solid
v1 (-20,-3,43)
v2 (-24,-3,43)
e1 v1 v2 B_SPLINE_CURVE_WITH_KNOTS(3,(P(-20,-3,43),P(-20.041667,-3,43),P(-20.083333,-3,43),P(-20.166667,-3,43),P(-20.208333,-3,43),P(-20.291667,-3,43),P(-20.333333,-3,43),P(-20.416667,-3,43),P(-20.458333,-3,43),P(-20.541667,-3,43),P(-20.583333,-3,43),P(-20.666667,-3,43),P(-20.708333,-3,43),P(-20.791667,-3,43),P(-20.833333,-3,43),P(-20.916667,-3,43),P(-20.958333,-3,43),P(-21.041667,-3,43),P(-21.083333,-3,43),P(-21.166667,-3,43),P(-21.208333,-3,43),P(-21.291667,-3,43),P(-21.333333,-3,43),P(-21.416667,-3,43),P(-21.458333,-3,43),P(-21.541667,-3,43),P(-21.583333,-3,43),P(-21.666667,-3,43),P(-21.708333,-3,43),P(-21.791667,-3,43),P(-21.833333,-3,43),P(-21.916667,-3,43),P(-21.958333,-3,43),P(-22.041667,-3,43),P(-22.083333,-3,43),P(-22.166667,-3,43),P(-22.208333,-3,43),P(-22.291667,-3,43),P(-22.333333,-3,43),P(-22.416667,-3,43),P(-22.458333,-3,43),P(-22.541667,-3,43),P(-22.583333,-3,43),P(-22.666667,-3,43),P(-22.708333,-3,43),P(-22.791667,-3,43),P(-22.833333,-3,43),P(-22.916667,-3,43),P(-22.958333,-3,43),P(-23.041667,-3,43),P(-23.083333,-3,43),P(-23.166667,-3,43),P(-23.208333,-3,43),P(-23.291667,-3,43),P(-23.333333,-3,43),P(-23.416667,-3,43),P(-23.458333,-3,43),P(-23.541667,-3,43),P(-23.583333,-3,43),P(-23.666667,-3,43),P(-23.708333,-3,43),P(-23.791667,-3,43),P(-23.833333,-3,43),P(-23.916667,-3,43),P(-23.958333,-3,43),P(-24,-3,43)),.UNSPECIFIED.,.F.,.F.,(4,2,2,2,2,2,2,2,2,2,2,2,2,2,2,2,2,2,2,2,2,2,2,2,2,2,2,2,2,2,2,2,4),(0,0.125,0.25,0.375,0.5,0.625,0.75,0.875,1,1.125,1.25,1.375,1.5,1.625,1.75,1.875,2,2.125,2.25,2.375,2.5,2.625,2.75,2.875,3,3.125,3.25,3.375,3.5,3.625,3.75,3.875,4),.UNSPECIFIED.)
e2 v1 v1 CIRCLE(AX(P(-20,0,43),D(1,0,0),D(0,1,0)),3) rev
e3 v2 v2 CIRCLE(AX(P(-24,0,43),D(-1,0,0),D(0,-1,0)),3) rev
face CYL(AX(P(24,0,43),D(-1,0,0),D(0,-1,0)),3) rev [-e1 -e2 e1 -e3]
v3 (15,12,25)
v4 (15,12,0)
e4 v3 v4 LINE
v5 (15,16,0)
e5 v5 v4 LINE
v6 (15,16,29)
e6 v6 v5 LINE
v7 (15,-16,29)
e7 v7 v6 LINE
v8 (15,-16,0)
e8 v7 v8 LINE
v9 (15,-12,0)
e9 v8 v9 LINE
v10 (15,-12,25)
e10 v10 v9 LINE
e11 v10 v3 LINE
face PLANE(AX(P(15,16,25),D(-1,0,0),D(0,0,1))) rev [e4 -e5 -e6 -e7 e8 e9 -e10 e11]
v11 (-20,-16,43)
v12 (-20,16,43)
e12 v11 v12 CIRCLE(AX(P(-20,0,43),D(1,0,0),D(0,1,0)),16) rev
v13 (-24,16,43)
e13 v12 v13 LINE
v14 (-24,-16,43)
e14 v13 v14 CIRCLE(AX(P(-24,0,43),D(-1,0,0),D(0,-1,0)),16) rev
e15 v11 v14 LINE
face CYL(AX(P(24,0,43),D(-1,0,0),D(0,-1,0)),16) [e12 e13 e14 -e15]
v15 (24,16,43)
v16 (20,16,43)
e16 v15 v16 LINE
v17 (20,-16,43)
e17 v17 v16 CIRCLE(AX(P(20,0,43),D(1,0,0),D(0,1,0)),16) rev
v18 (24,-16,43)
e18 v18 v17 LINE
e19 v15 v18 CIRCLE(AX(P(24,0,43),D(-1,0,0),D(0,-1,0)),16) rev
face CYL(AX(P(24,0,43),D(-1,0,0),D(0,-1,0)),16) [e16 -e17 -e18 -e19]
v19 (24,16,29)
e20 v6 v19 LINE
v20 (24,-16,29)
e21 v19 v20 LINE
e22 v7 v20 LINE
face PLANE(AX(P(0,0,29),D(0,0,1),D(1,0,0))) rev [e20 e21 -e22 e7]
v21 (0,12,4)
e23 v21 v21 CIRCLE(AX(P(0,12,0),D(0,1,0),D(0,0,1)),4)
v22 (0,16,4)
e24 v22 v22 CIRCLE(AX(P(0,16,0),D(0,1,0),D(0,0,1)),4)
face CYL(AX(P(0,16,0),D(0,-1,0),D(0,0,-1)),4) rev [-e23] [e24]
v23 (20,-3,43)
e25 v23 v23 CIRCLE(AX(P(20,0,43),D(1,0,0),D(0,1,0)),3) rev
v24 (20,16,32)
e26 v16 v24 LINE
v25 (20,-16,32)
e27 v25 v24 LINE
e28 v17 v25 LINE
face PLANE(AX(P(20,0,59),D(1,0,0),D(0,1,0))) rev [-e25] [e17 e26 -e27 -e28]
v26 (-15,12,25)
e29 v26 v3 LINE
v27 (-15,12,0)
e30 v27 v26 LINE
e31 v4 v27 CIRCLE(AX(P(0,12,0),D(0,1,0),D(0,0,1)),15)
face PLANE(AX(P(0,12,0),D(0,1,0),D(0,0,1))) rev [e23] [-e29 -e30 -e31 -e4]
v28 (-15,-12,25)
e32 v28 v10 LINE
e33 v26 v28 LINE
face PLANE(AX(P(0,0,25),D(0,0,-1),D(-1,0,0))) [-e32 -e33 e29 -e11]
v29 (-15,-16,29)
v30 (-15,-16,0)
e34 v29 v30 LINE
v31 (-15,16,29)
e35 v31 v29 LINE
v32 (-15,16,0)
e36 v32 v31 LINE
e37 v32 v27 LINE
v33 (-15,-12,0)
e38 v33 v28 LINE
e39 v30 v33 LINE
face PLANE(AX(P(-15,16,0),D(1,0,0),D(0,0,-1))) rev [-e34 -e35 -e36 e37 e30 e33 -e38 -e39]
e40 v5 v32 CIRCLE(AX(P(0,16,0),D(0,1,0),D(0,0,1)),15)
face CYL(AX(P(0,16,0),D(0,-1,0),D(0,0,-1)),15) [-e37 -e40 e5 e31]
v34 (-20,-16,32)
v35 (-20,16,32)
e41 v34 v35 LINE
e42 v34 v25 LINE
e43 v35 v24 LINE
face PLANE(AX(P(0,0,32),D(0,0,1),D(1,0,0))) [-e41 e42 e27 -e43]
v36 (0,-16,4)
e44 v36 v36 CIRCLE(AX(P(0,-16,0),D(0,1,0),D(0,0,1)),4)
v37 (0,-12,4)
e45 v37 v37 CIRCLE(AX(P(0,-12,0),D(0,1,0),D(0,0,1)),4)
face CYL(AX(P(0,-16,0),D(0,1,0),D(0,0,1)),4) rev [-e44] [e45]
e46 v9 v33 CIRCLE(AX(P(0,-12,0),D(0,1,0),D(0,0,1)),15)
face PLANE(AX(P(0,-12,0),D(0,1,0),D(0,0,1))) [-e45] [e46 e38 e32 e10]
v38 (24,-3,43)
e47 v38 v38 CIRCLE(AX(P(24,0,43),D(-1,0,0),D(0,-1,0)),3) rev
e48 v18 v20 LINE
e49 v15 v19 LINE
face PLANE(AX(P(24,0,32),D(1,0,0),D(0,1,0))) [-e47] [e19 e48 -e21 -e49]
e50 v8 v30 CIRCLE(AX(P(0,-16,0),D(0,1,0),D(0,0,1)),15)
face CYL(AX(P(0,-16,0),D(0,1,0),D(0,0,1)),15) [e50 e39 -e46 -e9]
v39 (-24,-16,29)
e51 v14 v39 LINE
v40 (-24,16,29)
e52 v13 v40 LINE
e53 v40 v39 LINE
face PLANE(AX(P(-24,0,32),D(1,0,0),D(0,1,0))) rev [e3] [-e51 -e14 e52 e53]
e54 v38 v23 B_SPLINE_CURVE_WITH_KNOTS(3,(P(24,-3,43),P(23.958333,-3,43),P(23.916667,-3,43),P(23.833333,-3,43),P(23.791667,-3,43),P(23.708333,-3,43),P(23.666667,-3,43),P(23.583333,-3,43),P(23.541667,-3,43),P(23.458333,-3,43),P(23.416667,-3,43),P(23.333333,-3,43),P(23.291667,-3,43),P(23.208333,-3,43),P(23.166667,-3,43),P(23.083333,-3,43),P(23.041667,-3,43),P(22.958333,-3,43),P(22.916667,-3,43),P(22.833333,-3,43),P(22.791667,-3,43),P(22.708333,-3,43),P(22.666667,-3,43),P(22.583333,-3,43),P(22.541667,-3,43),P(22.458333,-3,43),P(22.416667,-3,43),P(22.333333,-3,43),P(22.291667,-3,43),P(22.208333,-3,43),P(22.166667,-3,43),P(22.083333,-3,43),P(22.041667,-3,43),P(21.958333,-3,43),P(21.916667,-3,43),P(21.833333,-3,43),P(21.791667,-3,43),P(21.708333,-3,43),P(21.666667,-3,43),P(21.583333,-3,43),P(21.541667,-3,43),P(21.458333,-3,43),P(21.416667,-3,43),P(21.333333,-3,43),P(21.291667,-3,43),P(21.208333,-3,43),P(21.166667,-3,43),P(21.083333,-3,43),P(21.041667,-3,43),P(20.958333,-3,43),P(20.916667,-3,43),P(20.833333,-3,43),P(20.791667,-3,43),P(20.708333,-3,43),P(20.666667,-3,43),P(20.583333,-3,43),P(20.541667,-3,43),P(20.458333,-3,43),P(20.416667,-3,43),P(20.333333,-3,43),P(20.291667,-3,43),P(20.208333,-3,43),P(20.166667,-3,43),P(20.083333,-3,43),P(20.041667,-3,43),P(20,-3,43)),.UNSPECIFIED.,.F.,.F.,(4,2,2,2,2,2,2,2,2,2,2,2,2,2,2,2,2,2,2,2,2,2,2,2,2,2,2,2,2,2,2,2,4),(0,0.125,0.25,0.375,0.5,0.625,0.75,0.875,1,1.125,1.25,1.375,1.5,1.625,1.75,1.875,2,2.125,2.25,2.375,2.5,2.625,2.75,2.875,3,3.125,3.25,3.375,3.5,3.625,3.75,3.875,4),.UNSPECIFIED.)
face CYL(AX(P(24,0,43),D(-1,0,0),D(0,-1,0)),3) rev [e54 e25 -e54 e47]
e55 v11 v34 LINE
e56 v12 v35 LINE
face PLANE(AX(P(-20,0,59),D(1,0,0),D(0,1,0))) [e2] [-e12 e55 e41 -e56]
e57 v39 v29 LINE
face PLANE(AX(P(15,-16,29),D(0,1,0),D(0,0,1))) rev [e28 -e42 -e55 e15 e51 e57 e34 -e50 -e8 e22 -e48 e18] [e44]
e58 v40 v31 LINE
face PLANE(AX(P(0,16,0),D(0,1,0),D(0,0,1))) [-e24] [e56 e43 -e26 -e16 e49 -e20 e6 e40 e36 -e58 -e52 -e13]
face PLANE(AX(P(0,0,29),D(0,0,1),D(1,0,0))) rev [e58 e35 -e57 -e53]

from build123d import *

# Parameters (mm, degrees)
BOSS_EXTRUDE1_START = 12
SKETCH1_R           = 4
BOSS_EXTRUDE1_DEPTH = 4
BOSS_EXTRUDE2_START = -12
SKETCH1_2_R         = 4
BOSS_EXTRUDE2_DEPTH = 4
SKETCH2_W           = 30
SKETCH2_H           = 32
BOSS_EXTRUDE3_DEPTH = 4
SKETCH3_W           = 48
SKETCH3_H           = 32
BOSS_EXTRUDE4_DEPTH = 3
SKETCH3_3_W         = 4
SKETCH3_3_H         = 32
BOSS_EXTRUDE5_DEPTH = 30
SKETCH4_R           = 3
CUT_EXTRUDE1_DEPTH  = 78.723870207


with BuildPart() as part:
    # Sketch1 → Boss-Extrude1 (new body)
    with BuildSketch(Plane(origin=(0, 0, 0), x_dir=(1, 0, 0), z_dir=(0, 1, 0)).offset(BOSS_EXTRUDE1_START)):
        with BuildLine():
            Line((-15, 0), (-15, -25))
            Line((-15, -25), (15, -25))
            Line((15, -25), (15, 0))
            ThreePointArc((15, 0), (0, 15), (-15, 0))
        make_face()
        with Locations(Location((0, 0, 0), (0, 0, 270))):
            Circle(SKETCH1_R, mode=Mode.SUBTRACT)
    extrude(amount=BOSS_EXTRUDE1_DEPTH)



with BuildPart() as body_2:
    # Sketch1<2> → Boss-Extrude2 (new body)
    with BuildSketch(Plane(origin=(0, 0, 0), x_dir=(1, 0, 0), z_dir=(0, 1, 0)).offset(BOSS_EXTRUDE2_START)):
        with BuildLine():
            Line((-15, 0), (-15, -25))
            Line((-15, -25), (15, -25))
            Line((15, -25), (15, 0))
            ThreePointArc((15, 0), (0, 15), (-15, 0))
        make_face()
        with Locations(Location((0, 0, 0), (0, 0, 270))):
            Circle(SKETCH1_2_R, mode=Mode.SUBTRACT)
    extrude(amount=-BOSS_EXTRUDE2_DEPTH)


with BuildPart() as part_1:
    add(part.part)

    add(body_2.part)  # Boss-Extrude3 merges body 2
    # Sketch2 → Boss-Extrude3 (add)
    with BuildSketch(Plane.XY.offset(25)):
        Rectangle(SKETCH2_W, SKETCH2_H)
    extrude(amount=BOSS_EXTRUDE3_DEPTH)

    # Sketch3 → Boss-Extrude4 (add)
    with BuildSketch(Plane.XY.offset(29)):
        Rectangle(SKETCH3_W, SKETCH3_H)
    extrude(amount=BOSS_EXTRUDE4_DEPTH)

    # Sketch3<3> → Boss-Extrude5 (add)
    with BuildSketch(Plane.XY.offset(29)):
        with Locations((22, 0)):
            Rectangle(SKETCH3_3_W, SKETCH3_3_H)
        with Locations((-22, 0)):
            Rectangle(SKETCH3_3_W, SKETCH3_3_H)
    extrude(amount=BOSS_EXTRUDE5_DEPTH)

    # Sketch4 → Cut-Extrude1 (cut, through all)
    with BuildSketch(Plane(origin=(-24, 0, 0), x_dir=(0, -1, 0), z_dir=(1, 0, 0))):
        with BuildLine():
            Line((16, -59), (16, -43))
            ThreePointArc((16, -43), (11.313708499, -54.313708499), (0, -59))
            Line((0, -59), (16, -59))
        make_face()
        with Locations((0, -43)):
            Circle(SKETCH4_R)
        with BuildLine():
            Line((-16, -59), (0, -59))
            ThreePointArc((0, -59), (-11.313708499, -54.313708499), (-16, -43))
            Line((-16, -43), (-16, -59))
        make_face()
    extrude(amount=CUT_EXTRUDE1_DEPTH, mode=Mode.SUBTRACT)


solid = part_1.part
